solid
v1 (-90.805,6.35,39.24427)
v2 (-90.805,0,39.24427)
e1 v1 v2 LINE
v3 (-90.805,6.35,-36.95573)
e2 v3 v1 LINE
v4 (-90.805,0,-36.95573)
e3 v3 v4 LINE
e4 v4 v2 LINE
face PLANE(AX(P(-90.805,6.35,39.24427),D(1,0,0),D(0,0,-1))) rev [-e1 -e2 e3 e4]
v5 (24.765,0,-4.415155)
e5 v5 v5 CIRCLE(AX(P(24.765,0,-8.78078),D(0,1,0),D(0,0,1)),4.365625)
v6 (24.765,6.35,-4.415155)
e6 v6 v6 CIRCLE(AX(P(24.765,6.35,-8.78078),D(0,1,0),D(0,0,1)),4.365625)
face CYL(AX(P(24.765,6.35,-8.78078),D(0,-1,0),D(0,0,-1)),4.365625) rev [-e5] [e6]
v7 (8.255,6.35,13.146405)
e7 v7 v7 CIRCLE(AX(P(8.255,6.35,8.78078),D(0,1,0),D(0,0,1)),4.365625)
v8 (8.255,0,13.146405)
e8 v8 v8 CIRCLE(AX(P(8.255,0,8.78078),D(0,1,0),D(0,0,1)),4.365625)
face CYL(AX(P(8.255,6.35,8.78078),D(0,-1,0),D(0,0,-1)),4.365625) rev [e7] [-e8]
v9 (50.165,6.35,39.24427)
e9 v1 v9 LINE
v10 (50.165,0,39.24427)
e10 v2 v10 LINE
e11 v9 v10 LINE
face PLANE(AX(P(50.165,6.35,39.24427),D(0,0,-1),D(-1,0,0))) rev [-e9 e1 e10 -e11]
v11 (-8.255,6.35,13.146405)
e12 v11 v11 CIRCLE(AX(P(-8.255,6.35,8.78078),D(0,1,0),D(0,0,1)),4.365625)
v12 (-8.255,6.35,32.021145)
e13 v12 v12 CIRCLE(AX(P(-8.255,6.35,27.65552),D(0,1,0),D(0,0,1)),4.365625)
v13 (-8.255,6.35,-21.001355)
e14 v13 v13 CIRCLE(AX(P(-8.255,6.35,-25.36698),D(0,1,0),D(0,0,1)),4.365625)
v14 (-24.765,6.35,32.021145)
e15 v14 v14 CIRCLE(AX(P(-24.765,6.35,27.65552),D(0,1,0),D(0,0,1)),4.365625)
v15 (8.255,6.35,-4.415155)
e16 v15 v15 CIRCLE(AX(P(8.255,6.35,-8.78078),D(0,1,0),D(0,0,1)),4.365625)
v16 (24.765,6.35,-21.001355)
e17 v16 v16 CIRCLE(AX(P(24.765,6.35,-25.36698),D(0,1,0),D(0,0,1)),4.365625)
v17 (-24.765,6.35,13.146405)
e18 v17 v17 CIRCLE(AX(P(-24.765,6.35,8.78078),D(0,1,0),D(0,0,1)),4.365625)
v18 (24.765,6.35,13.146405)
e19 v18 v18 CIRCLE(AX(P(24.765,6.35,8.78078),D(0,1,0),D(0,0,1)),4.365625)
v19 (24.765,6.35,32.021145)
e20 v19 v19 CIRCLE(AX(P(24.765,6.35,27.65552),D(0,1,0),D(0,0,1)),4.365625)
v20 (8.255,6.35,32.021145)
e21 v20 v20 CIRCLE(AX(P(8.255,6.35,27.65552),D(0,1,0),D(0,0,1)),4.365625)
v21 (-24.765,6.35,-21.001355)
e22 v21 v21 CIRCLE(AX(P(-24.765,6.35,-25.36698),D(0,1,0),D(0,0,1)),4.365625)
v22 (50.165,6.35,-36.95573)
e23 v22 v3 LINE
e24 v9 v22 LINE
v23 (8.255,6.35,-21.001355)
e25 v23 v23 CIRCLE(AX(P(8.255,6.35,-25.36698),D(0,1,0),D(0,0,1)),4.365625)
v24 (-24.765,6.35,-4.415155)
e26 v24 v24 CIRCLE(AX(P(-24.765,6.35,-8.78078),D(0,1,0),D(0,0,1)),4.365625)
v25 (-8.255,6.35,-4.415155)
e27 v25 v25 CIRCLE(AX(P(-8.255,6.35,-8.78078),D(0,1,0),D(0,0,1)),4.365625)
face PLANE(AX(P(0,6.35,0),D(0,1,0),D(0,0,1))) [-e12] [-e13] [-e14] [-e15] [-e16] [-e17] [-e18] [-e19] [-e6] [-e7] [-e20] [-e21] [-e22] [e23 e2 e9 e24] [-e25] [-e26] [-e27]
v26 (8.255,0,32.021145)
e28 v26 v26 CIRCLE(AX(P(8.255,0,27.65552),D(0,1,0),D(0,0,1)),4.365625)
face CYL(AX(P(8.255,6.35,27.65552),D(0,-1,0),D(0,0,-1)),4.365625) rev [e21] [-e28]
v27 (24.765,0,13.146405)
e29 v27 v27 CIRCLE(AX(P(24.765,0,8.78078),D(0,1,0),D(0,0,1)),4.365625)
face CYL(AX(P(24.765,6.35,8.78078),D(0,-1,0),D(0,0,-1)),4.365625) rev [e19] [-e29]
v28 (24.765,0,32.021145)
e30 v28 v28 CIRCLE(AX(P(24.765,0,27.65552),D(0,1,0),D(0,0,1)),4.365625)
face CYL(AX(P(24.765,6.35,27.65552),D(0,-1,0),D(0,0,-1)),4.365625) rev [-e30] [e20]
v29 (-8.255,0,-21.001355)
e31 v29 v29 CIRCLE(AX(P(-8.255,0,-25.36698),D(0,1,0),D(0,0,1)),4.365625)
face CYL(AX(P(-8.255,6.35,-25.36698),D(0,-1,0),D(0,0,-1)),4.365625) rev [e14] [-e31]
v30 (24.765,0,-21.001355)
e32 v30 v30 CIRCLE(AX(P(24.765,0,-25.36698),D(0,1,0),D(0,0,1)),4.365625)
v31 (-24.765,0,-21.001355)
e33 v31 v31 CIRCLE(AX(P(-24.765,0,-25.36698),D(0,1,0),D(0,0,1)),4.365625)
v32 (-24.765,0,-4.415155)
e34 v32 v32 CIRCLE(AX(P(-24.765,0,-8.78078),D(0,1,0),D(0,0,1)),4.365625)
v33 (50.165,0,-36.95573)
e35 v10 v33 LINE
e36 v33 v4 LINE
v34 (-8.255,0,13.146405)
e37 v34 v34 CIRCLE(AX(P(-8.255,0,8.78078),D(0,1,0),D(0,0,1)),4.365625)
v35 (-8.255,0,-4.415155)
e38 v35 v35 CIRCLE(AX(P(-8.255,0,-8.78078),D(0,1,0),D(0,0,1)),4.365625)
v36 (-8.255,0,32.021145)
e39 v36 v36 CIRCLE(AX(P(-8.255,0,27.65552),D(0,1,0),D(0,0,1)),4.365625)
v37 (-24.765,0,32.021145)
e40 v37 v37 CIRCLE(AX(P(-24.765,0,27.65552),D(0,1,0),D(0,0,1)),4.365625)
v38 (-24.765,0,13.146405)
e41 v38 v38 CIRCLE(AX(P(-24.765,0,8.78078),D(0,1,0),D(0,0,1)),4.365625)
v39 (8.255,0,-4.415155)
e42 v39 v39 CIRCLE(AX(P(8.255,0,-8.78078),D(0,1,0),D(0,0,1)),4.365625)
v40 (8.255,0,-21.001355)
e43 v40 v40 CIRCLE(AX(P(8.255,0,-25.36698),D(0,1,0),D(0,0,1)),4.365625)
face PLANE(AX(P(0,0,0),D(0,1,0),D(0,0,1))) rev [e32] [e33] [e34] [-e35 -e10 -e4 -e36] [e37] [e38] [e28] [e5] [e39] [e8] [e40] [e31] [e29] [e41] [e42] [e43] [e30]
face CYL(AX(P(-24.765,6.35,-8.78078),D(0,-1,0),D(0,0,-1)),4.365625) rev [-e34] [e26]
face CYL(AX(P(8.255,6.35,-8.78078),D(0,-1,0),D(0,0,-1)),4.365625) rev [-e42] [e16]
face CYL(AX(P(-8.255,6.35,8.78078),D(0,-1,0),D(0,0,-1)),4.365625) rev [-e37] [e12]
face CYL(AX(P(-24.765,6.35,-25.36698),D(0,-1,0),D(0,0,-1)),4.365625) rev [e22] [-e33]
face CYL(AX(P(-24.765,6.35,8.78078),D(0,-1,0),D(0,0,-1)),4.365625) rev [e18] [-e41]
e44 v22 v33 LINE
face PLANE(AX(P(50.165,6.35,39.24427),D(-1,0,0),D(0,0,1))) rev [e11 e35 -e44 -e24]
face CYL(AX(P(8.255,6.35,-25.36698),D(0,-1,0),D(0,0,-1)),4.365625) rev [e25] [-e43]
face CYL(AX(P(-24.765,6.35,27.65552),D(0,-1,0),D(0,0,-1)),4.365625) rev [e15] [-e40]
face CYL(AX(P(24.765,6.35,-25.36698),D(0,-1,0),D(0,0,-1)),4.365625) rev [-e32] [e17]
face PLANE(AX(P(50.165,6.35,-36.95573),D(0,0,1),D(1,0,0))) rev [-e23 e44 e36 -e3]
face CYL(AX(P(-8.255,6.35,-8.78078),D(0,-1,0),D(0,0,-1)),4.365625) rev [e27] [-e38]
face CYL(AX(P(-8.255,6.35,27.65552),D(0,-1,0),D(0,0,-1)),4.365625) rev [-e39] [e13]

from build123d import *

# Parameters (mm, degrees)
SKETCH1_W           = 140.97
SKETCH1_H           = 76.2
SKETCH1_R           = 4.365625
BOSS_EXTRUDE1_DEPTH = 6.35


with BuildPart() as part:
    # Sketch1 → Boss-Extrude1 (new body)
    with BuildSketch(Plane(origin=(0, 0, 0), x_dir=(1, 0, 0), z_dir=(0, 1, 0))):
        with Locations((-20.32, -1.14427)):
            Rectangle(SKETCH1_W, SKETCH1_H)
        with Locations(Location((-24.765, 25.36698, 0), (0, 0, 270))):
            Circle(SKETCH1_R, mode=Mode.SUBTRACT)
        with Locations(Location((-8.255, 25.36698, 0), (0, 0, 270))):
            Circle(SKETCH1_R, mode=Mode.SUBTRACT)
        with Locations(Location((8.255, 25.36698, 0), (0, 0, 270))):
            Circle(SKETCH1_R, mode=Mode.SUBTRACT)
        with Locations(Location((24.765, 25.36698, 0), (0, 0, 270))):
            Circle(SKETCH1_R, mode=Mode.SUBTRACT)
        with Locations(Location((24.765, 8.78078, 0), (0, 0, 270))):
            Circle(SKETCH1_R, mode=Mode.SUBTRACT)
        with Locations(Location((8.255, 8.78078, 0), (0, 0, 270))):
            Circle(SKETCH1_R, mode=Mode.SUBTRACT)
        with Locations(Location((-8.255, 8.78078, 0), (0, 0, 270))):
            Circle(SKETCH1_R, mode=Mode.SUBTRACT)
        with Locations(Location((-24.765, 8.78078, 0), (0, 0, 270))):
            Circle(SKETCH1_R, mode=Mode.SUBTRACT)
        with Locations(Location((-24.765, -8.78078, 0), (0, 0, 270))):
            Circle(SKETCH1_R, mode=Mode.SUBTRACT)
        with Locations(Location((-8.255, -8.78078, 0), (0, 0, 270))):
            Circle(SKETCH1_R, mode=Mode.SUBTRACT)
        with Locations(Location((8.255, -8.78078, 0), (0, 0, 270))):
            Circle(SKETCH1_R, mode=Mode.SUBTRACT)
        with Locations(Location((24.765, -8.78078, 0), (0, 0, 270))):
            Circle(SKETCH1_R, mode=Mode.SUBTRACT)
        with Locations(Location((24.765, -27.65552, 0), (0, 0, 270))):
            Circle(SKETCH1_R, mode=Mode.SUBTRACT)
        with Locations(Location((8.255, -27.65552, 0), (0, 0, 270))):
            Circle(SKETCH1_R, mode=Mode.SUBTRACT)
        with Locations(Location((-8.255, -27.65552, 0), (0, 0, 270))):
            Circle(SKETCH1_R, mode=Mode.SUBTRACT)
        with Locations(Location((-24.765, -27.65552, 0), (0, 0, 270))):
            Circle(SKETCH1_R, mode=Mode.SUBTRACT)
    extrude(amount=BOSS_EXTRUDE1_DEPTH)


solid = part.part
